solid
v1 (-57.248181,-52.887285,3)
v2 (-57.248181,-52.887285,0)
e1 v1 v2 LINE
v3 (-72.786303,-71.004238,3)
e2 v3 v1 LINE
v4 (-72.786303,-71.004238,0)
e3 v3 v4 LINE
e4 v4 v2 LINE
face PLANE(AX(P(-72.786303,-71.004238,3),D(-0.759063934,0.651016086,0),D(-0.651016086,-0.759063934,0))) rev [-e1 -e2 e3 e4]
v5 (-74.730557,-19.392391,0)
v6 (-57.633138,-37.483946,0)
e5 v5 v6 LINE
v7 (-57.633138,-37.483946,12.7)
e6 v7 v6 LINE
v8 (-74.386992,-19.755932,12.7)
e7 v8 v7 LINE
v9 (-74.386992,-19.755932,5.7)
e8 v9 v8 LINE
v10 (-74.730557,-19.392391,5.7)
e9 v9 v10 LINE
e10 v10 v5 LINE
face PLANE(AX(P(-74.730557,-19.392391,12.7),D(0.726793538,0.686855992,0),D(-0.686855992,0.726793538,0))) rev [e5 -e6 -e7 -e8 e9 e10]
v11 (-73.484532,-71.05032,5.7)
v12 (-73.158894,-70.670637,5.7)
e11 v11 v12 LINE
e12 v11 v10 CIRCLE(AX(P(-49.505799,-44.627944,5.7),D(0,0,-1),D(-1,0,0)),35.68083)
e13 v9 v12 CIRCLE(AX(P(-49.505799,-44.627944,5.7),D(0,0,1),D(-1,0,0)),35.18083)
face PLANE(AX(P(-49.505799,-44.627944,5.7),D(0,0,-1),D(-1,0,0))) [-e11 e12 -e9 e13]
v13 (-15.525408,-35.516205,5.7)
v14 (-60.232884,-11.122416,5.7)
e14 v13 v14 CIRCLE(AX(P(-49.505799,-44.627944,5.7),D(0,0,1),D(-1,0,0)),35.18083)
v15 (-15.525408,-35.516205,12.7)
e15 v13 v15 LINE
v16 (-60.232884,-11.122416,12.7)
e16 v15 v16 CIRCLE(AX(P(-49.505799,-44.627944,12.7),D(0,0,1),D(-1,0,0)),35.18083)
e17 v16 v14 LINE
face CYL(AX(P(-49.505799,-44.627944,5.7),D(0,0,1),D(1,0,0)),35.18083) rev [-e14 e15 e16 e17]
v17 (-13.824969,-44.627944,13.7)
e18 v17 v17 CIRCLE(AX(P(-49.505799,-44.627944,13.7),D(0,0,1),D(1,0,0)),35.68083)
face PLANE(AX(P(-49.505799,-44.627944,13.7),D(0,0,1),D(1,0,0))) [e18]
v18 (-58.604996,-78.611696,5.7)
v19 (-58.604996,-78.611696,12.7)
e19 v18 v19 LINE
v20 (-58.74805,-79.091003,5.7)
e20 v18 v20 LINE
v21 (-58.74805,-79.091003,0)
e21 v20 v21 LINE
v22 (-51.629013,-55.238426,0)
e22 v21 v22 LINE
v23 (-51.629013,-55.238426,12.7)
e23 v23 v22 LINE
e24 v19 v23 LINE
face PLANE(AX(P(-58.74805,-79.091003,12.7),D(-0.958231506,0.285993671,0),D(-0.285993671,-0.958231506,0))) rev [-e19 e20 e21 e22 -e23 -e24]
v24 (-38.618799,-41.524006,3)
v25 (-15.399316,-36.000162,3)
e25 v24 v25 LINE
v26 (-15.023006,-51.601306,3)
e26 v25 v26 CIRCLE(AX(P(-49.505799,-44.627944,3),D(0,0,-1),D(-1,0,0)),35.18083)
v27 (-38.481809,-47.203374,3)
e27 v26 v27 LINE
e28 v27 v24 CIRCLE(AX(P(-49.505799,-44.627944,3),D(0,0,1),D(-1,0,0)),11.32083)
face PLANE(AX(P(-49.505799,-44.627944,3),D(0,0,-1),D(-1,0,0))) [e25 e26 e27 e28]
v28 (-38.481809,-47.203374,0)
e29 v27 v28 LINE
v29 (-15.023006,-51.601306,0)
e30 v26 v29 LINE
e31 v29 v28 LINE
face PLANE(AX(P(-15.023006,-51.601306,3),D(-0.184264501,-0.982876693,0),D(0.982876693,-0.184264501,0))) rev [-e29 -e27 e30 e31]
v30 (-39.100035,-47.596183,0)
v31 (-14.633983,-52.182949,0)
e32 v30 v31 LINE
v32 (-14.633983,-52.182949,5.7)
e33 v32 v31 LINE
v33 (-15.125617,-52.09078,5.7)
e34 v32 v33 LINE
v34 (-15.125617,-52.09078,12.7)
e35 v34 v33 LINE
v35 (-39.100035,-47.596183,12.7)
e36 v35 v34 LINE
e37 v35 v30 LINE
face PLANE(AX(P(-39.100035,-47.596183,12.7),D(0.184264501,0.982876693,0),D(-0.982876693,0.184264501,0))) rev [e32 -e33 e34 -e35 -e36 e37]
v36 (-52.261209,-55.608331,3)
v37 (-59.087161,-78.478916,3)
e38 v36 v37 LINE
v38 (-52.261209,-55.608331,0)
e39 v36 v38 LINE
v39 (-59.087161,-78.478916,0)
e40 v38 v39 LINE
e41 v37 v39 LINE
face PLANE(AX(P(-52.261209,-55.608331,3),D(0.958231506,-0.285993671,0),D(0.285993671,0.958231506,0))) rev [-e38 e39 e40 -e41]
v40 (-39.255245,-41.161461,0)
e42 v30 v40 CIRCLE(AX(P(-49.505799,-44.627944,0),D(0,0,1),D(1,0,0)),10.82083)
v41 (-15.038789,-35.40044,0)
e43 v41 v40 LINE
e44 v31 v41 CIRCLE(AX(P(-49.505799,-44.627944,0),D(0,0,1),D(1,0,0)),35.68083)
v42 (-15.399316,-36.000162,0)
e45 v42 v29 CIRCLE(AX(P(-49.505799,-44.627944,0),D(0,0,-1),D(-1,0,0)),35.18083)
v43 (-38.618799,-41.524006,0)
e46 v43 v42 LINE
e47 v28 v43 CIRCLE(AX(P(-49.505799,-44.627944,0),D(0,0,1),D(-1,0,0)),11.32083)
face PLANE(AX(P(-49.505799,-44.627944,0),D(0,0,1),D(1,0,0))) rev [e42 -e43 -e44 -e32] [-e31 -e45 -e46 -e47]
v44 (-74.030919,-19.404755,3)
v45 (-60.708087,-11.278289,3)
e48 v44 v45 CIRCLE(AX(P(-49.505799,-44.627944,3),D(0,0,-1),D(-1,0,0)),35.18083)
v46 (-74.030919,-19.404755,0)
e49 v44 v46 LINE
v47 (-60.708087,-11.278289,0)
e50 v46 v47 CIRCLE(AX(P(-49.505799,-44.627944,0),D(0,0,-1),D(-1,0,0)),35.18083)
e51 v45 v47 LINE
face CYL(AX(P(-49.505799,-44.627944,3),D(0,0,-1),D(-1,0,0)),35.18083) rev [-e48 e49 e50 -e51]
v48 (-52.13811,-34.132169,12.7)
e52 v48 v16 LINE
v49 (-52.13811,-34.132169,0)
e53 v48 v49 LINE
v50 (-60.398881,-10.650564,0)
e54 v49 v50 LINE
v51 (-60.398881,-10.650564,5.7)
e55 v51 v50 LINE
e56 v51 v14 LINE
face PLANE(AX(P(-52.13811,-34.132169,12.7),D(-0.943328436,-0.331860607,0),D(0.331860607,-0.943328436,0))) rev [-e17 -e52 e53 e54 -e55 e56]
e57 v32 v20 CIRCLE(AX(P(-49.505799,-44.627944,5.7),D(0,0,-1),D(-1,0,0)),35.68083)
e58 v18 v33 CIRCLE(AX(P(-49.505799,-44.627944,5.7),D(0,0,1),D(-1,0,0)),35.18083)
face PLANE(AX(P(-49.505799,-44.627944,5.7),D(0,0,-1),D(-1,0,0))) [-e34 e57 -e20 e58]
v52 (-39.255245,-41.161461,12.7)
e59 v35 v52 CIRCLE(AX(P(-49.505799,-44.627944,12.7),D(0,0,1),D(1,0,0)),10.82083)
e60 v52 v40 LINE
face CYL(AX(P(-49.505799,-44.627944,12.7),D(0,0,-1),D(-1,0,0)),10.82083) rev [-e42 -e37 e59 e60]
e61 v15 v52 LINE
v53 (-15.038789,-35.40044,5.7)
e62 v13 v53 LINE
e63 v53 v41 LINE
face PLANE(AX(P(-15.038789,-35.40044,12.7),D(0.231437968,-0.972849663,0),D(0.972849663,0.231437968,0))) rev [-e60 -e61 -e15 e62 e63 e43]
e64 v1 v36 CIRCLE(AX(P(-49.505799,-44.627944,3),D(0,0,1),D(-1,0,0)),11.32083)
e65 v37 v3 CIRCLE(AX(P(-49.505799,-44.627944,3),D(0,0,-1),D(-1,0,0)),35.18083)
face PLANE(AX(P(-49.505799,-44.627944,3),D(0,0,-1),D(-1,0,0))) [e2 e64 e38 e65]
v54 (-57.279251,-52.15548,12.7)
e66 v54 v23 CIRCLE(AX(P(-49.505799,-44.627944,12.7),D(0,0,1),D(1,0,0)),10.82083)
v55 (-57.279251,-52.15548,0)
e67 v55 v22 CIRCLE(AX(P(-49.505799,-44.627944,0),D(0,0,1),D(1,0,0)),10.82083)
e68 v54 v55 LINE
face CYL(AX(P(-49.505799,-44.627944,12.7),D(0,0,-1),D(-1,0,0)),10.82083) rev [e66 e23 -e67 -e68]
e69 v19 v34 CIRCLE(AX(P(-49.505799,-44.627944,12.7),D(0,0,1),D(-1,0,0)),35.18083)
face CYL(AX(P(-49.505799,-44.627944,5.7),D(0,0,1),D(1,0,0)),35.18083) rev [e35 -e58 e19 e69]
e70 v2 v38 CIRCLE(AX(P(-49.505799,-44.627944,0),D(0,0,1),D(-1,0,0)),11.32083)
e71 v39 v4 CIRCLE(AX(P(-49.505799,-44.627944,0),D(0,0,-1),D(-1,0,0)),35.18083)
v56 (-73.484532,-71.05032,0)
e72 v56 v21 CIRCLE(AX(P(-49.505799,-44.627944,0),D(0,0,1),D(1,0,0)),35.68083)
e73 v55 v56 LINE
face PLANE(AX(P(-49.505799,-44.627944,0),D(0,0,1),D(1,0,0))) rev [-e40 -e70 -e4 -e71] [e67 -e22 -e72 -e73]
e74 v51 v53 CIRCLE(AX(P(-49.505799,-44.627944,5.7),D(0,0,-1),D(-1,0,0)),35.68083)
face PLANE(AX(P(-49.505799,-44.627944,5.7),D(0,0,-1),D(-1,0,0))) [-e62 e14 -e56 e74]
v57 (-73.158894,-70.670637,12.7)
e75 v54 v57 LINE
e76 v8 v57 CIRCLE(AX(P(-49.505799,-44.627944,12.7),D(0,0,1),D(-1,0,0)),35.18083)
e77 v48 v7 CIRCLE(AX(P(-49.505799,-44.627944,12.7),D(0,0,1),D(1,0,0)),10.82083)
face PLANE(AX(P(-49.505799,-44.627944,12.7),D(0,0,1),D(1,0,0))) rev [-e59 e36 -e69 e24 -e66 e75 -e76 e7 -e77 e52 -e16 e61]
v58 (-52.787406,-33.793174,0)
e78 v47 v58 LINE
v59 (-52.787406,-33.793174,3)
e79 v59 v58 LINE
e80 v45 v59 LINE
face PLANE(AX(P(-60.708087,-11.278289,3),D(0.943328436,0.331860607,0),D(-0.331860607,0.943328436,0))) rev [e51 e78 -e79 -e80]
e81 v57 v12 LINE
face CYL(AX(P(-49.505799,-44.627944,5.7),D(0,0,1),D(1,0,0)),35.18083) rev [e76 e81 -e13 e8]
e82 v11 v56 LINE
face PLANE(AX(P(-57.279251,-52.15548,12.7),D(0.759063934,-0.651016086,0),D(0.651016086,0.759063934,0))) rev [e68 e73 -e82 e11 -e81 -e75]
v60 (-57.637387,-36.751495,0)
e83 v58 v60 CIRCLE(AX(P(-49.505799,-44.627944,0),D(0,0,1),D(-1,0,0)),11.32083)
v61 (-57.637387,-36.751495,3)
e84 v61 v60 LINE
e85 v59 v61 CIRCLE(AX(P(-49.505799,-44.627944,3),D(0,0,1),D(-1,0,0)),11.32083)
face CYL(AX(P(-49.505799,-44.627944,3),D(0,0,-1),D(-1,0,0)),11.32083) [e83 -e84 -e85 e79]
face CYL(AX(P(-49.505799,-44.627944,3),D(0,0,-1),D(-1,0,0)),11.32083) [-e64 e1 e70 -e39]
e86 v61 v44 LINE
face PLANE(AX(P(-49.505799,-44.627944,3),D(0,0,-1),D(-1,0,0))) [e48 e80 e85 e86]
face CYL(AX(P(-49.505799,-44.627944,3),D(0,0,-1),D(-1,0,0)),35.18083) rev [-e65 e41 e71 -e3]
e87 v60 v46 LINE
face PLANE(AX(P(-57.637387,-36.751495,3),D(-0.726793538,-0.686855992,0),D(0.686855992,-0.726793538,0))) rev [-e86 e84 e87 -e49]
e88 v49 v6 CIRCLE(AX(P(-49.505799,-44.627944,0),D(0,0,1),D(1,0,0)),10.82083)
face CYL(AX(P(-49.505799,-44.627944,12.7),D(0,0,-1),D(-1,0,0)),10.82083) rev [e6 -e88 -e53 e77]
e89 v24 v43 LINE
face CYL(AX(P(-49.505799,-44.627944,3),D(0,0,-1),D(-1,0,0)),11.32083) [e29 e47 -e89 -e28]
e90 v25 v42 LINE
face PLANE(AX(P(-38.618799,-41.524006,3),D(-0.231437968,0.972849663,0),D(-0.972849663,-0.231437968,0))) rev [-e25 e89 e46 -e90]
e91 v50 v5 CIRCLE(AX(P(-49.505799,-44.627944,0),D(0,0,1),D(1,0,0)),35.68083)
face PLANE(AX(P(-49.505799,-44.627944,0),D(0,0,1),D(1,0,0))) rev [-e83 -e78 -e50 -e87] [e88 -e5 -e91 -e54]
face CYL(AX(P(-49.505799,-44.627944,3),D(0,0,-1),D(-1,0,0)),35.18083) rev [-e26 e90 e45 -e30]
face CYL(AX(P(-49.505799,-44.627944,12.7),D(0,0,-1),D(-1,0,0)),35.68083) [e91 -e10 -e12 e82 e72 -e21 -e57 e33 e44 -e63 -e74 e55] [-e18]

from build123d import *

# Parameters (mm, degrees)
BOSS_EXTRUDE1_DEPTH   = 12.7
BOSS_EXTRUDE1_2_DEPTH = 12.7
BOSS_EXTRUDE1_3_DEPTH = 12.7
SKETCH3_R             = 35.68082971
BOSS_EXTRUDE2_DEPTH   = 1
CUT_EXTRUDE1_DEPTH    = 3
BOSS_EXTRUDE3_START   = 7
BOSS_EXTRUDE3_DEPTH   = 7


with BuildPart() as part:
    # Sketch2 → Boss-Extrude1 (new body)
    with BuildSketch(Plane.XY):
        with BuildLine():
            Line((-39.100035207, -47.596183278), (-14.633983159, -52.182948751))
            ThreePointArc((-14.633983159, -52.182948751), (-13.835344136, -43.767548454), (-15.038788838, -35.400439796))
            Line((-15.038788838, -35.400439796), (-39.255245143, -41.161460912))
            ThreePointArc((-39.255245143, -41.161460912), (-38.688115422, -44.36701442), (-39.100035207, -47.596183278))
        make_face()
    extrude(amount=BOSS_EXTRUDE1_DEPTH)



with BuildPart() as body_2:
    # Sketch2 → Boss-Extrude1 2 (new body)
    with BuildSketch(Plane.XY):
        with BuildLine():
            Line((-52.138110144, -34.132169435), (-60.398880747, -10.650564096))
            ThreePointArc((-60.398880747, -10.650564096), (-68.086150698, -14.166622561), (-74.730557001, -19.392390574))
            Line((-74.730557001, -19.392390574), (-57.633138211, -37.483946366))
            ThreePointArc((-57.633138211, -37.483946366), (-55.1406123, -35.390020866), (-52.138110144, -34.132169435))
        make_face()
    extrude(amount=BOSS_EXTRUDE1_2_DEPTH)


with BuildPart() as body_3:
    # Sketch2 → Boss-Extrude1 3 (new body)
    with BuildSketch(Plane.XY):
        with BuildLine():
            Line((-58.748050211, -79.091002811), (-51.629012696, -55.238425903))
            ThreePointArc((-51.629012696, -55.238425903), (-54.688668329, -54.126797895), (-57.2792507, -52.155480469))
            Line((-57.2792507, -52.155480469), (-73.484532144, -71.050320335))
            ThreePointArc((-73.484532144, -71.050320335), (-66.595901216, -75.949662166), (-58.748050211, -79.091002811))
        make_face()
    extrude(amount=BOSS_EXTRUDE1_3_DEPTH)


with BuildPart() as part_1:
    add(part.part)

    add(body_2.part)  # Boss-Extrude2 merges body 2
    # Sketch3 → Boss-Extrude2 (add)
    with BuildSketch(Plane.XY.offset(12.7)):
        with Locations(Location((-49.505798683, -44.627944394, 0), (0, 0, 134.987742115))):
            Circle(SKETCH3_R)
    extrude(amount=BOSS_EXTRUDE2_DEPTH)


with BuildPart() as cut_extrude1_tool:
    # Sketch4 → Cut-Extrude1 (new body)
    with BuildSketch(Plane(origin=(0, 0, 0), x_dir=(-1, 0, 0), z_dir=(0, 0, -1))):
        with BuildLine():
            Line((72.786303474, -71.004238215), (57.24818113, -52.887284523))
            ThreePointArc((57.24818113, -52.887284523), (54.928154107, -54.565713106), (52.261209215, -55.608331369))
            Line((52.261209215, -55.608331369), (59.087161374, -78.478915843))
            ThreePointArc((59.087161374, -78.478915843), (66.356415438, -75.510746955), (72.786303474, -71.004238215))
        make_face()
        with BuildLine():
            Line((38.618799354, -41.524006424), (15.39931612, -36.000162163))
            ThreePointArc((15.39931612, -36.000162163), (14.335198748, -43.779605292), (15.023005781, -51.601306045))
            Line((15.023005781, -51.601306045), (38.48180909, -47.203374214))
            ThreePointArc((38.48180909, -47.203374214), (38.18826081, -44.354957583), (38.618799354, -41.524006424))
        make_face()
        with BuildLine():
            Line((57.637387481, -36.751495388), (74.030918556, -19.404755176))
            ThreePointArc((74.030918556, -19.404755176), (67.825781865, -14.593480934), (60.708086795, -11.278288922))
            Line((60.708086795, -11.278288922), (52.78740583, -33.793174445))
            ThreePointArc((52.78740583, -33.793174445), (55.400981133, -34.963162493), (57.637387481, -36.751495388))
        make_face()
    extrude(amount=-CUT_EXTRUDE1_DEPTH)


with BuildPart() as part_2:
    add(part_1.part)

    # Cut-Extrude1: cut by cut_extrude1_tool
    add(cut_extrude1_tool.part, mode=Mode.SUBTRACT)



with BuildPart() as body_3_1:
    add(body_3.part)

    # Cut-Extrude1: cut by cut_extrude1_tool
    add(cut_extrude1_tool.part, mode=Mode.SUBTRACT)


with BuildPart() as part_3:
    add(part_2.part)

    add(body_3_1.part)  # Boss-Extrude3 merges body 3
    # Sketch5 → Boss-Extrude3 (add)
    with BuildSketch(Plane(origin=(0, 0, 12.7), x_dir=(-1, 0, 0), z_dir=(0, 0, -1)).offset(BOSS_EXTRUDE3_START)):
        with BuildLine():
            Line((73.484532144, -71.050320335), (73.148515106, -70.680060224))
            ThreePointArc((73.148515106, -70.680060224), (84.676398619, -45.476283496), (74.377079258, -19.746019596))
            Line((74.377079258, -19.746019596), (74.730557001, -19.392390574))
            ThreePointArc((74.730557001, -19.392390574), (85.176253231, -45.488340334), (73.484532144, -71.050320335))
        make_face()
        with BuildLine():
            Line((14.633983159, -52.182948751), (15.122646341, -52.077079515))
            ThreePointArc((15.122646341, -52.077079515), (31.185815502, -74.662407853), (58.618537366, -78.608067595))
            Line((58.618537366, -78.608067595), (58.748050211, -79.091002811))
            ThreePointArc((58.748050211, -79.091002811), (30.925446669, -75.089266226), (14.633983159, -52.182948751))
        make_face()
        with BuildLine():
            Line((15.521779426, -35.529745991), (15.038788838, -35.400439796))
            ThreePointArc((15.038788838, -35.400439796), (32.415696151, -13.306226622), (60.398880747, -10.650564096))
            Line((60.398880747, -10.650564096), (60.246234604, -11.126693443))
            ThreePointArc((60.246234604, -11.126693443), (32.655181929, -13.745141832), (15.521779426, -35.529745991))
        make_face()
    extrude(amount=-BOSS_EXTRUDE3_DEPTH)


solid = part_3.part
